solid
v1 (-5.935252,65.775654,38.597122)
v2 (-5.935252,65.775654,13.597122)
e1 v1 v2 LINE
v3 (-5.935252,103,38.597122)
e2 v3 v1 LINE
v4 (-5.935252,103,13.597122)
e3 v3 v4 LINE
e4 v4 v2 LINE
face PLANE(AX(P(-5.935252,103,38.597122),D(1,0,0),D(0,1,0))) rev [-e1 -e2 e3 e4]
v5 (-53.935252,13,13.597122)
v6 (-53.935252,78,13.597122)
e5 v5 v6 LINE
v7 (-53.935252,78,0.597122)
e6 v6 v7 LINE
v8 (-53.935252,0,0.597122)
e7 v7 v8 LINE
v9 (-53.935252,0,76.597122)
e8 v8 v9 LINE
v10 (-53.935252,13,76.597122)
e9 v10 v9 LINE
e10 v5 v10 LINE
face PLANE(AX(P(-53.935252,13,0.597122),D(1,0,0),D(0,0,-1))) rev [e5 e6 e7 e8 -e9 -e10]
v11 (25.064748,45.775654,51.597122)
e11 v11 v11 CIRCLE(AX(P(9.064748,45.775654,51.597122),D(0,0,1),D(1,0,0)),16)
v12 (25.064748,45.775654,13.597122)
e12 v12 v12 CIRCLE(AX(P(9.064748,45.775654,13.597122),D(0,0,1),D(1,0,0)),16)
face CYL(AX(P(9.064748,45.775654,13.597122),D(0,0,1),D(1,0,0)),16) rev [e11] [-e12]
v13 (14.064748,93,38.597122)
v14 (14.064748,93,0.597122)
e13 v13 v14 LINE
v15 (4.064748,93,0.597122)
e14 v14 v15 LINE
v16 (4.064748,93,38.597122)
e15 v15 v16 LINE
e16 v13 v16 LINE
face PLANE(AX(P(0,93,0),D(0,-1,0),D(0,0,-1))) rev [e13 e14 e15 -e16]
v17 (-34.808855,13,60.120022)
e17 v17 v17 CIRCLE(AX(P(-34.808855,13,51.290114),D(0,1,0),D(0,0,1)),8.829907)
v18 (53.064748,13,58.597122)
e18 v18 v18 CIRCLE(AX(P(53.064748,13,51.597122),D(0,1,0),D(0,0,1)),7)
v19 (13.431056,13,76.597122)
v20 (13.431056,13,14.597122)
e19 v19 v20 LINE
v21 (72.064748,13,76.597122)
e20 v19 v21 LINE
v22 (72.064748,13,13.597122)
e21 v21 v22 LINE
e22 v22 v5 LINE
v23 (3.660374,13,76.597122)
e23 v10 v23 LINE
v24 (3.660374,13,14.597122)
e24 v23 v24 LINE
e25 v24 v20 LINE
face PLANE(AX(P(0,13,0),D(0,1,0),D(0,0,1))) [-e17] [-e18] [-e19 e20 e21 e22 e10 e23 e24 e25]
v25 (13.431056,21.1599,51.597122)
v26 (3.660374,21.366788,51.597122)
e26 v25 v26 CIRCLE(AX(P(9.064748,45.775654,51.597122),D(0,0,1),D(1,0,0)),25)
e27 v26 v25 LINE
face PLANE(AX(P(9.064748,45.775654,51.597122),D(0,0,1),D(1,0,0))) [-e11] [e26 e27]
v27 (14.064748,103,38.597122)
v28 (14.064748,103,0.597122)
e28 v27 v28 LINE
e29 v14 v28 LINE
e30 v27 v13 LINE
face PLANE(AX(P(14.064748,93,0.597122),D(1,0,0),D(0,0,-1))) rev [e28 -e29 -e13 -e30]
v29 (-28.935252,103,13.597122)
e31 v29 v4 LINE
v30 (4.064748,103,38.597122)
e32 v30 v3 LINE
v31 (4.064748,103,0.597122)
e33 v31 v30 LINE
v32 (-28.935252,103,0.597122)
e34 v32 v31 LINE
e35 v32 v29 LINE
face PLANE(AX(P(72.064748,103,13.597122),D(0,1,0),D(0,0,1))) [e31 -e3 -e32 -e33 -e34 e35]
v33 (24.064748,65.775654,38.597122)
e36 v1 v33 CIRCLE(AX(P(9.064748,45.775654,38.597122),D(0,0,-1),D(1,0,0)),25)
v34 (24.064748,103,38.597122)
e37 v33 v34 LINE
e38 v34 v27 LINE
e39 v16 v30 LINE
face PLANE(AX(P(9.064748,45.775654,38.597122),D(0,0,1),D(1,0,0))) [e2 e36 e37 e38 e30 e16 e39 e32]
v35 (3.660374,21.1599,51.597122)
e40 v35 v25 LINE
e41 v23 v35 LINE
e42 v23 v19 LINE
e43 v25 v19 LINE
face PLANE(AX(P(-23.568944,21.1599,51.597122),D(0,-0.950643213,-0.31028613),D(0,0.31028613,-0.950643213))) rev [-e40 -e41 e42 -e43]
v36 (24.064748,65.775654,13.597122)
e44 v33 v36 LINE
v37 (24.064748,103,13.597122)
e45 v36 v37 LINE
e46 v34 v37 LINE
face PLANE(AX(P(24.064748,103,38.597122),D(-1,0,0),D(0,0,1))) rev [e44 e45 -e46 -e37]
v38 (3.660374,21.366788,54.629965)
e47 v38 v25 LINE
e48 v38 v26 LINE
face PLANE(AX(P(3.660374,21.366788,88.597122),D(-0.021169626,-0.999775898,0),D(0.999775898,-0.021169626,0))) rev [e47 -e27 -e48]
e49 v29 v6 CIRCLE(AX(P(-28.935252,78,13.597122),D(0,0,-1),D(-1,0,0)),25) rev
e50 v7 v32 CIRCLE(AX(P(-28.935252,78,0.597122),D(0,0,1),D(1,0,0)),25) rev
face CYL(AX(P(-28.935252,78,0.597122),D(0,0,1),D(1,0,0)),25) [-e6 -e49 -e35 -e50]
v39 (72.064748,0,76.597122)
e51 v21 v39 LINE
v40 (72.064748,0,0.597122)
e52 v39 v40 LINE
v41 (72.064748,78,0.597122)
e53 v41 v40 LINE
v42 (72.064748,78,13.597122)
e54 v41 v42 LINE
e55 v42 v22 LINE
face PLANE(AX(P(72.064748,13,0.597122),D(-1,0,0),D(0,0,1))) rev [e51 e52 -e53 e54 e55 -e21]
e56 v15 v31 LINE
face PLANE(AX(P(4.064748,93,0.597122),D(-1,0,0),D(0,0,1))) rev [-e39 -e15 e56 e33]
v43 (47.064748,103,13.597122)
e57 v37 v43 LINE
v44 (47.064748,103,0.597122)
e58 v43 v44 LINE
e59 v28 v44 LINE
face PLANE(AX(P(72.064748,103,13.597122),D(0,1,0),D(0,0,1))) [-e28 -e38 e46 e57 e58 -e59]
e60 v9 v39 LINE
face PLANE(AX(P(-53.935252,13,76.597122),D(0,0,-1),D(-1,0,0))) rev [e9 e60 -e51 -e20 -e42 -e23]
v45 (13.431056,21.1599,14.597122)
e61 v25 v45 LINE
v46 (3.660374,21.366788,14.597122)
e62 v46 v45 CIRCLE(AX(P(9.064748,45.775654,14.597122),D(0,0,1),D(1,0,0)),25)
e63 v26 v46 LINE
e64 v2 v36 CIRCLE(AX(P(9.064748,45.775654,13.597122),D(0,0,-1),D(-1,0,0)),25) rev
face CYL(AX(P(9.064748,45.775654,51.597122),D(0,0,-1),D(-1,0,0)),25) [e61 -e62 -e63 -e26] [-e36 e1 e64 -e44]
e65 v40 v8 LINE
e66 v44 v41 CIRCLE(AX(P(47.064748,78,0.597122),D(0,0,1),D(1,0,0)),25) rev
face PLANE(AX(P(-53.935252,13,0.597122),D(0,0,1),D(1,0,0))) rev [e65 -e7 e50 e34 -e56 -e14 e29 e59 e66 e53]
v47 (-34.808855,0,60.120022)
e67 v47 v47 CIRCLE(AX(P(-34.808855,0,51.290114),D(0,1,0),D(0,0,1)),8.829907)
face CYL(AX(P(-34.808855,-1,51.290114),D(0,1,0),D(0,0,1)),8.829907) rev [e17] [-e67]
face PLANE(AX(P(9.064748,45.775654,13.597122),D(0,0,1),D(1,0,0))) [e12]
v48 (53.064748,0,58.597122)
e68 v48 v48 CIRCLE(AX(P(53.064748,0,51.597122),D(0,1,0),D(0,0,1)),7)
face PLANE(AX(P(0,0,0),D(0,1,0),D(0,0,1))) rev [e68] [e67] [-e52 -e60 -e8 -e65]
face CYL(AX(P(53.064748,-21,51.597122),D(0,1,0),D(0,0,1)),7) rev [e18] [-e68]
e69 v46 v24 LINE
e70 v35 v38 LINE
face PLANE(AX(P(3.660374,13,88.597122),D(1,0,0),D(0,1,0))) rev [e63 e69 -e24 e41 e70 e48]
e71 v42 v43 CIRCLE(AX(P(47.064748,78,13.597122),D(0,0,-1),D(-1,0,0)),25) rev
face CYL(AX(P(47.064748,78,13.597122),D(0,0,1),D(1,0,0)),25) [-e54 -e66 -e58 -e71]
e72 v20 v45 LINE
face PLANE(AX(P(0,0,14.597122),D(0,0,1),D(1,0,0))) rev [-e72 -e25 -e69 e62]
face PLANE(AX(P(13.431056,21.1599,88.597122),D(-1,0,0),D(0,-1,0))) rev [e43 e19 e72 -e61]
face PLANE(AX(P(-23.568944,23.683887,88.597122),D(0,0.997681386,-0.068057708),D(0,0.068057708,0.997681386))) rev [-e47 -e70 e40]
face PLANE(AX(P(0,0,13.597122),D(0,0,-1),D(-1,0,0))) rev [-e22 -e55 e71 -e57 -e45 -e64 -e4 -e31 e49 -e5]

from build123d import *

# Parameters (mm, degrees)
SKETCH1_W            = 126
SKETCH1_H            = 76
BOSS_EXTRUDE1_DEPTH  = 13
SKETCH2_W            = 126
SKETCH2_H            = 90
BOSS_EXTRUDE2_DEPTH  = 13
FILLET1_R            = 25
SKETCH3_W            = 10
SKETCH3_H            = 25.459891015
BOSS_EXTRUDE3_DEPTH  = 10
SKETCH4_W            = 10
SKETCH4_H            = 13
CUT_EXTRUDE1_DEPTH   = 10
SKETCH8_R            = 25
BOSS_EXTRUDE4_DEPTH  = 38
SKETCH10_R           = 16
CUT_EXTRUDE3_DEPTH   = 38
BOSS_EXTRUDE8_DEPTH  = 25
SKETCH12_W           = 10
SKETCH12_H           = 10
CUT_EXTRUDE4_DEPTH   = 45
SKETCH13_R           = 8.829907476
CUT_EXTRUDE5_DEPTH   = 14
SKETCH14_R           = 7
CUT_EXTRUDE6_DEPTH   = 34
BOSS_EXTRUDE11_DEPTH = 37
CUT_EXTRUDE7_DEPTH   = 37


with BuildPart() as part:
    # Sketch1 → Boss-Extrude1 (new body)
    with BuildSketch(Plane(origin=(0, 0, 0), x_dir=(1, 0, 0), z_dir=(0, 1, 0))):
        with Locations((9.064748201, -38.597122302)):
            Rectangle(SKETCH1_W, SKETCH1_H)
    extrude(amount=BOSS_EXTRUDE1_DEPTH)

    # Sketch2 → Boss-Extrude2 (add)
    with BuildSketch(Plane(origin=(0, 0, 0.597122302), x_dir=(-1, 0, 0), z_dir=(0, 0, -1))):
        with Locations((-9.064748201, 58)):
            Rectangle(SKETCH2_W, SKETCH2_H)
    extrude(amount=-BOSS_EXTRUDE2_DEPTH)

    # Fillet1
    fillet1_edges = [part.edges().sort_by_distance(p)[0] for p in [
        (72.064748201, 103, 7.097122302),
        (-53.935251799, 103, 7.097122302),
    ]]
    fillet(fillet1_edges, radius=FILLET1_R)

    # Sketch3 → Boss-Extrude3 (add)
    with BuildSketch(Plane(origin=(0, 103, 0), x_dir=(1, 0, 0), z_dir=(0, 1, 0))):
        with Locations((9.064748201, -26.32706781)):
            Rectangle(SKETCH3_W, SKETCH3_H)
    extrude(amount=-BOSS_EXTRUDE3_DEPTH)

    # Sketch4 → Cut-Extrude1 (cut)
    with BuildSketch(Plane(origin=(0, 103, 0), x_dir=(1, 0, 0), z_dir=(0, 1, 0))):
        with Locations((9.064748201, -7.097122302)):
            Rectangle(SKETCH4_W, SKETCH4_H)
    extrude(amount=-CUT_EXTRUDE1_DEPTH, mode=Mode.SUBTRACT)

    # Sketch8 → Boss-Extrude4 (add)
    with BuildSketch(Plane.XY.offset(13.597122302)):
        with Locations((9.064748201, 45.775653821)):
            Circle(SKETCH8_R)
    extrude(amount=BOSS_EXTRUDE4_DEPTH)

    # Sketch10 → Cut-Extrude3 (cut)
    with BuildSketch(Plane.XY.offset(51.597122302)):
        with Locations((9.064748201, 45.775653821)):
            Circle(SKETCH10_R)
    extrude(amount=-CUT_EXTRUDE3_DEPTH, mode=Mode.SUBTRACT)

    # Sketch11 → Boss-Extrude8 (add)
    with BuildSketch(Plane.XY.offset(13.597122302)):
        with BuildLine():
            Line((4.064748201, 103), (-5.935251799, 103))
            Line((-5.935251799, 103), (-5.935251799, 65.775653821))
            ThreePointArc((-5.935251799, 65.775653821), (9.064748201, 70.775653821), (24.064748201, 65.775653821))
            Line((24.064748201, 65.775653821), (24.064748201, 103))
            Line((24.064748201, 103), (14.064748201, 103))
            Line((14.064748201, 103), (14.064748201, 93))
            Line((14.064748201, 93), (4.064748201, 93))
            Line((4.064748201, 93), (4.064748201, 103))
        make_face()
    extrude(amount=BOSS_EXTRUDE8_DEPTH)

    # Sketch12 → Cut-Extrude4 (cut)
    with BuildSketch(Plane.XY.offset(39.057013317)):
        with Locations((9.064748201, 98)):
            Rectangle(SKETCH12_W, SKETCH12_H)
    extrude(amount=-CUT_EXTRUDE4_DEPTH, mode=Mode.SUBTRACT)

    # Sketch13 → Cut-Extrude5 (cut)
    with BuildSketch(Plane(origin=(0, 13, 0), x_dir=(1, 0, 0), z_dir=(0, 1, 0))):
        with Locations((-34.808854568, -51.290114298)):
            Circle(SKETCH13_R)
    extrude(amount=-CUT_EXTRUDE5_DEPTH, mode=Mode.SUBTRACT)

    # Sketch14 → Cut-Extrude6 (cut)
    with BuildSketch(Plane(origin=(0, 13, 0), x_dir=(1, 0, 0), z_dir=(0, 1, 0))):
        with Locations((53.064748201, -51.597122302)):
            Circle(SKETCH14_R)
    extrude(amount=-CUT_EXTRUDE6_DEPTH, mode=Mode.SUBTRACT)

    # Sketch17 → Boss-Extrude11 (add, symmetric)
    with BuildSketch(Plane.XY.offset(51.597122302)):
        Polygon((3.660374399, 21.366787731), (13.431056495, 21.159899681), (13.431056495, 13), (3.660374399, 13), align=None)
    extrude(amount=BOSS_EXTRUDE11_DEPTH, both=True)

    # Sketch18 → Cut-Extrude7 (cut, symmetric)
    with BuildSketch(Plane(origin=(13.431056495, 0, 0), x_dir=(0, 0, -1), z_dir=(1, 0, 0))):
        Polygon((-51.597122302, 21.159899681), (-76.597122302, 13), (-88.597122302, 13), (-88.597122302, 23.683887041), align=None)
    extrude(amount=CUT_EXTRUDE7_DEPTH, both=True, mode=Mode.SUBTRACT)


solid = part.part
